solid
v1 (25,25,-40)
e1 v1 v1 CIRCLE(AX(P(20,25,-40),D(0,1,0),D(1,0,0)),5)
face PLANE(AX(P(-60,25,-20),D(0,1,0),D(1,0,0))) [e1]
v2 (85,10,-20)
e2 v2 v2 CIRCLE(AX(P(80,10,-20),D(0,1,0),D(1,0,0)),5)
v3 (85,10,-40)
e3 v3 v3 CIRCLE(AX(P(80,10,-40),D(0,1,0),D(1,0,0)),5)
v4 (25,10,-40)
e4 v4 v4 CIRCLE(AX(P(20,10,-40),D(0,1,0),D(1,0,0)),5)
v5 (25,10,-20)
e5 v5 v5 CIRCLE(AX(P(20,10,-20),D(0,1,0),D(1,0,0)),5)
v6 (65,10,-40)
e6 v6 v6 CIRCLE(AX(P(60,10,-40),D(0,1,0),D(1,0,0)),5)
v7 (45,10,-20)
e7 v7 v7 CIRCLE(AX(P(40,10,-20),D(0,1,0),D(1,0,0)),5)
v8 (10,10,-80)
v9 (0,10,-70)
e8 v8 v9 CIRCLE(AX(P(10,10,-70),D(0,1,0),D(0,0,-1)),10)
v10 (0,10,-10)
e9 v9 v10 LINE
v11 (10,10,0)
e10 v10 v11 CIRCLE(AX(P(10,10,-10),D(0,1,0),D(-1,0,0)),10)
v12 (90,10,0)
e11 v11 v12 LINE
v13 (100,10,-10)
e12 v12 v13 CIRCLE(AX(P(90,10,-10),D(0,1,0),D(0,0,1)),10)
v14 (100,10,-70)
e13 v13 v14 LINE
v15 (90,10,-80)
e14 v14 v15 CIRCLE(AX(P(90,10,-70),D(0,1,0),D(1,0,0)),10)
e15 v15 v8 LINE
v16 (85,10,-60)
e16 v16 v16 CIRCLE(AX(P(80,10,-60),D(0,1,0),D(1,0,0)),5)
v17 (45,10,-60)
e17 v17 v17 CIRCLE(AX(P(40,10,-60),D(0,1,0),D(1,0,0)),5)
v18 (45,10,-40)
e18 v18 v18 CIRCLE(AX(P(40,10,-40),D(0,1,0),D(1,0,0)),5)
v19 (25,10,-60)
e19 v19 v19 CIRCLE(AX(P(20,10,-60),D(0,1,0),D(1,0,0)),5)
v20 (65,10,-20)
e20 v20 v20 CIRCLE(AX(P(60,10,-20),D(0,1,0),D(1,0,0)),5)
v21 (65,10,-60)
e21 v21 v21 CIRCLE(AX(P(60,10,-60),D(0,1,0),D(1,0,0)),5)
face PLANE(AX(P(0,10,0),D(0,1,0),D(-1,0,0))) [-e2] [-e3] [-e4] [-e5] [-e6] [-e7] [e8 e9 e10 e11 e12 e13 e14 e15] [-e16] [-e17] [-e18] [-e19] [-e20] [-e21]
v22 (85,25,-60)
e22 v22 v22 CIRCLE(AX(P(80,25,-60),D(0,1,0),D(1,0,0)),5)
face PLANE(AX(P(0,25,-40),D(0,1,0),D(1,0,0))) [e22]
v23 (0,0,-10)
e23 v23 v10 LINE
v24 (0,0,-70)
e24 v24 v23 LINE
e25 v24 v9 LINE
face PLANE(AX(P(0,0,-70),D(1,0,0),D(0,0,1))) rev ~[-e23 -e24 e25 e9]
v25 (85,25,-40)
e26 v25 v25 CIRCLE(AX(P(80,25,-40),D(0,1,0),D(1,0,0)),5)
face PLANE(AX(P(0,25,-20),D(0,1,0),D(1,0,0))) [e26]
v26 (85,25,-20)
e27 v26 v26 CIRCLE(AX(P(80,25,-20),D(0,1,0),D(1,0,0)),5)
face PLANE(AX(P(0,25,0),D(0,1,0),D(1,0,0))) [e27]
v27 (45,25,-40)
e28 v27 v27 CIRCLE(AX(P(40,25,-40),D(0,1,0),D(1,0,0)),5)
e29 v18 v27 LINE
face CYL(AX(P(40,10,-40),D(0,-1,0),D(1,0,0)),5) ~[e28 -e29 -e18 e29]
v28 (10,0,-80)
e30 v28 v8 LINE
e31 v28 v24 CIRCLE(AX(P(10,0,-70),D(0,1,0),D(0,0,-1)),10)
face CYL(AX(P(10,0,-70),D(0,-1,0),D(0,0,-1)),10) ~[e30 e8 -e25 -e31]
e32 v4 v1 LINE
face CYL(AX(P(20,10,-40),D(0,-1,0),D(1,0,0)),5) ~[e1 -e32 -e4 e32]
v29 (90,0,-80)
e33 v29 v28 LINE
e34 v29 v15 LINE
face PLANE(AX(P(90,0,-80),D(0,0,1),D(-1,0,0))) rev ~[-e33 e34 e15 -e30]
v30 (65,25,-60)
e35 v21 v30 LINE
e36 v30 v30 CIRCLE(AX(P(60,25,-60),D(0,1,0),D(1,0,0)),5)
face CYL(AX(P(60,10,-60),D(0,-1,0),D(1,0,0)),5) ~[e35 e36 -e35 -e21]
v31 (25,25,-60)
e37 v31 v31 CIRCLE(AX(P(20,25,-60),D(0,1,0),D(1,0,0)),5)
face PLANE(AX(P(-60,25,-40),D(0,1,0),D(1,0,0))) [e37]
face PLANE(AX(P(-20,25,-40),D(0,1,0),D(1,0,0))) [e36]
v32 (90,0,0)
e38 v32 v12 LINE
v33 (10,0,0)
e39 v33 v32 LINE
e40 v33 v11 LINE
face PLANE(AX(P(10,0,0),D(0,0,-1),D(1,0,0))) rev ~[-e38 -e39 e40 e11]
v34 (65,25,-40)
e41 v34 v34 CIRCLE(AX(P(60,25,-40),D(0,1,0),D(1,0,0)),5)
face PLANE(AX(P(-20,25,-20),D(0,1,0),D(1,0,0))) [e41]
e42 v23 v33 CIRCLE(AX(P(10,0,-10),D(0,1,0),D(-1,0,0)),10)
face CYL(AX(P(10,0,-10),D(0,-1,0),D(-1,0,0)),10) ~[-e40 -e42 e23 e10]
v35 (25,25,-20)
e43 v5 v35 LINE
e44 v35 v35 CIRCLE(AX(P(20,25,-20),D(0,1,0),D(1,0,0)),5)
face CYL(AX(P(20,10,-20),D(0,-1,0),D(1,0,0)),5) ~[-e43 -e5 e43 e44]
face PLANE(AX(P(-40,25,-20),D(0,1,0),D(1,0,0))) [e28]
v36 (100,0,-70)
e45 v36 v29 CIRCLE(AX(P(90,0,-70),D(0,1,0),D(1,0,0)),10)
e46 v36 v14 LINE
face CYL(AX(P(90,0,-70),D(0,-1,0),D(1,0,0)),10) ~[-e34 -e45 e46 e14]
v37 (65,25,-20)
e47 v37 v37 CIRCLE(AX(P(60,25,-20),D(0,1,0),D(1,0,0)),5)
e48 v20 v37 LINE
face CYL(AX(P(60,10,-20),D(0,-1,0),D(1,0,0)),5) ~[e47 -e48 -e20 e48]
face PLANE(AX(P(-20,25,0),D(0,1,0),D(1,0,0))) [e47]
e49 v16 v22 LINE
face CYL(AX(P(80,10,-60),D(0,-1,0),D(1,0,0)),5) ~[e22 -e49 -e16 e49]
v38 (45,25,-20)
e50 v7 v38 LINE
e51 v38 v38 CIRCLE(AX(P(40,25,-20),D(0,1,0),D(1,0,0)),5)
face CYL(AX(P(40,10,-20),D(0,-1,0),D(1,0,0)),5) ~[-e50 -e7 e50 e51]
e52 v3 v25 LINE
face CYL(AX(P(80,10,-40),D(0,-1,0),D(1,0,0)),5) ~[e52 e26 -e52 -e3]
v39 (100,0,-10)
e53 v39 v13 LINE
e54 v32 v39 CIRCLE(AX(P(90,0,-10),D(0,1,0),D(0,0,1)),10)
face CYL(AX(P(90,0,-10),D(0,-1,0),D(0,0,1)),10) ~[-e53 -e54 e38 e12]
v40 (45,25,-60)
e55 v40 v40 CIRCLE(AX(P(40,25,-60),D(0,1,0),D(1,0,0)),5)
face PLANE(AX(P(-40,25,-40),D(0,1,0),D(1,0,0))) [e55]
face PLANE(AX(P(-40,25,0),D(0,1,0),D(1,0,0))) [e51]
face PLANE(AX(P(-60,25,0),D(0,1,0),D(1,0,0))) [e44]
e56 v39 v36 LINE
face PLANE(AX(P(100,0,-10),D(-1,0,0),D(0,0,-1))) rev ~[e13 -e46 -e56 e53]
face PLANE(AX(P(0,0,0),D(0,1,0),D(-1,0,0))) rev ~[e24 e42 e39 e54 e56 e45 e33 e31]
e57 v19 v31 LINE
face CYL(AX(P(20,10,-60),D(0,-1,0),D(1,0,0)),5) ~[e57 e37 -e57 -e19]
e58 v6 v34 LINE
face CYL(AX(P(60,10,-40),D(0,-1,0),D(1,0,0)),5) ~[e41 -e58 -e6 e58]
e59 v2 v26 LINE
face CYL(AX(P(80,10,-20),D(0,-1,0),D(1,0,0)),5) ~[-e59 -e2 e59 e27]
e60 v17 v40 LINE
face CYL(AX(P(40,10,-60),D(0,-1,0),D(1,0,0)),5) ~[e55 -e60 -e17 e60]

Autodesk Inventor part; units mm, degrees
ref_plane "YZ Plane" through (0, 0, 0) normal (1, 0, 0) x (0, 1, 0)
ref_plane "XZ Plane" through (0, 0, 0) normal (0, 1, 0) x (-1, 0, 0)
ref_plane "XY Plane" through (0, 0, 0) normal (0, 0, 1) x (1, 0, 0)
sketch "草圖1" plane through (0, 0, 0) normal (0, 1, 0) x (-1, 0, 0)
  line L0 (-10, 0) -> (-90, 0)
  line L1 (-100, -10) -> (-100, -70)
  line L2 (-90, -80) -> (-10, -80)
  line L3 (0, -70) -> (0, -10)
  arc A0 (-90, 0) -> (-100, -10) centre (-90, -10) ccw
  arc A1 (-100, -70) -> (-90, -80) centre (-90, -70) ccw
  arc A2 (-10, -80) -> (0, -70) centre (-10, -70) ccw
  arc A3 (0, -10) -> (-10, 0) centre (-10, -10) ccw
  point P0 (0, 0)
  point P1 (-100, 0)
  point P2 (0, -80)
  dimension "d0" = 100
  dimension "d1" = 80
  dimension "d2" = 10
extrude "擠出1" add sketch "草圖1" along normal blind 10
sketch "草圖2" plane through (0, 10, 0) normal (0, 1, 0) x (1, 0, 0)
  circle A0 centre (80, 20) radius 5
  line L0 (100, 10) -> (100, 70) projected
  line L1 (10, 0) -> (90, 0) projected
  point P0 (0, 0)
  dimension "d5" = 20
  dimension "d6" = 20
  dimension "d7" = 10
extrude "擠出2" add sketch "草圖2" along normal blind 15
pattern_linear "矩形陣列1" count 4 spacing 20 along (-1, 0, 0) count 3 spacing 20 along (0, 0, -1) of "擠出2"
properties part number "練習二"
